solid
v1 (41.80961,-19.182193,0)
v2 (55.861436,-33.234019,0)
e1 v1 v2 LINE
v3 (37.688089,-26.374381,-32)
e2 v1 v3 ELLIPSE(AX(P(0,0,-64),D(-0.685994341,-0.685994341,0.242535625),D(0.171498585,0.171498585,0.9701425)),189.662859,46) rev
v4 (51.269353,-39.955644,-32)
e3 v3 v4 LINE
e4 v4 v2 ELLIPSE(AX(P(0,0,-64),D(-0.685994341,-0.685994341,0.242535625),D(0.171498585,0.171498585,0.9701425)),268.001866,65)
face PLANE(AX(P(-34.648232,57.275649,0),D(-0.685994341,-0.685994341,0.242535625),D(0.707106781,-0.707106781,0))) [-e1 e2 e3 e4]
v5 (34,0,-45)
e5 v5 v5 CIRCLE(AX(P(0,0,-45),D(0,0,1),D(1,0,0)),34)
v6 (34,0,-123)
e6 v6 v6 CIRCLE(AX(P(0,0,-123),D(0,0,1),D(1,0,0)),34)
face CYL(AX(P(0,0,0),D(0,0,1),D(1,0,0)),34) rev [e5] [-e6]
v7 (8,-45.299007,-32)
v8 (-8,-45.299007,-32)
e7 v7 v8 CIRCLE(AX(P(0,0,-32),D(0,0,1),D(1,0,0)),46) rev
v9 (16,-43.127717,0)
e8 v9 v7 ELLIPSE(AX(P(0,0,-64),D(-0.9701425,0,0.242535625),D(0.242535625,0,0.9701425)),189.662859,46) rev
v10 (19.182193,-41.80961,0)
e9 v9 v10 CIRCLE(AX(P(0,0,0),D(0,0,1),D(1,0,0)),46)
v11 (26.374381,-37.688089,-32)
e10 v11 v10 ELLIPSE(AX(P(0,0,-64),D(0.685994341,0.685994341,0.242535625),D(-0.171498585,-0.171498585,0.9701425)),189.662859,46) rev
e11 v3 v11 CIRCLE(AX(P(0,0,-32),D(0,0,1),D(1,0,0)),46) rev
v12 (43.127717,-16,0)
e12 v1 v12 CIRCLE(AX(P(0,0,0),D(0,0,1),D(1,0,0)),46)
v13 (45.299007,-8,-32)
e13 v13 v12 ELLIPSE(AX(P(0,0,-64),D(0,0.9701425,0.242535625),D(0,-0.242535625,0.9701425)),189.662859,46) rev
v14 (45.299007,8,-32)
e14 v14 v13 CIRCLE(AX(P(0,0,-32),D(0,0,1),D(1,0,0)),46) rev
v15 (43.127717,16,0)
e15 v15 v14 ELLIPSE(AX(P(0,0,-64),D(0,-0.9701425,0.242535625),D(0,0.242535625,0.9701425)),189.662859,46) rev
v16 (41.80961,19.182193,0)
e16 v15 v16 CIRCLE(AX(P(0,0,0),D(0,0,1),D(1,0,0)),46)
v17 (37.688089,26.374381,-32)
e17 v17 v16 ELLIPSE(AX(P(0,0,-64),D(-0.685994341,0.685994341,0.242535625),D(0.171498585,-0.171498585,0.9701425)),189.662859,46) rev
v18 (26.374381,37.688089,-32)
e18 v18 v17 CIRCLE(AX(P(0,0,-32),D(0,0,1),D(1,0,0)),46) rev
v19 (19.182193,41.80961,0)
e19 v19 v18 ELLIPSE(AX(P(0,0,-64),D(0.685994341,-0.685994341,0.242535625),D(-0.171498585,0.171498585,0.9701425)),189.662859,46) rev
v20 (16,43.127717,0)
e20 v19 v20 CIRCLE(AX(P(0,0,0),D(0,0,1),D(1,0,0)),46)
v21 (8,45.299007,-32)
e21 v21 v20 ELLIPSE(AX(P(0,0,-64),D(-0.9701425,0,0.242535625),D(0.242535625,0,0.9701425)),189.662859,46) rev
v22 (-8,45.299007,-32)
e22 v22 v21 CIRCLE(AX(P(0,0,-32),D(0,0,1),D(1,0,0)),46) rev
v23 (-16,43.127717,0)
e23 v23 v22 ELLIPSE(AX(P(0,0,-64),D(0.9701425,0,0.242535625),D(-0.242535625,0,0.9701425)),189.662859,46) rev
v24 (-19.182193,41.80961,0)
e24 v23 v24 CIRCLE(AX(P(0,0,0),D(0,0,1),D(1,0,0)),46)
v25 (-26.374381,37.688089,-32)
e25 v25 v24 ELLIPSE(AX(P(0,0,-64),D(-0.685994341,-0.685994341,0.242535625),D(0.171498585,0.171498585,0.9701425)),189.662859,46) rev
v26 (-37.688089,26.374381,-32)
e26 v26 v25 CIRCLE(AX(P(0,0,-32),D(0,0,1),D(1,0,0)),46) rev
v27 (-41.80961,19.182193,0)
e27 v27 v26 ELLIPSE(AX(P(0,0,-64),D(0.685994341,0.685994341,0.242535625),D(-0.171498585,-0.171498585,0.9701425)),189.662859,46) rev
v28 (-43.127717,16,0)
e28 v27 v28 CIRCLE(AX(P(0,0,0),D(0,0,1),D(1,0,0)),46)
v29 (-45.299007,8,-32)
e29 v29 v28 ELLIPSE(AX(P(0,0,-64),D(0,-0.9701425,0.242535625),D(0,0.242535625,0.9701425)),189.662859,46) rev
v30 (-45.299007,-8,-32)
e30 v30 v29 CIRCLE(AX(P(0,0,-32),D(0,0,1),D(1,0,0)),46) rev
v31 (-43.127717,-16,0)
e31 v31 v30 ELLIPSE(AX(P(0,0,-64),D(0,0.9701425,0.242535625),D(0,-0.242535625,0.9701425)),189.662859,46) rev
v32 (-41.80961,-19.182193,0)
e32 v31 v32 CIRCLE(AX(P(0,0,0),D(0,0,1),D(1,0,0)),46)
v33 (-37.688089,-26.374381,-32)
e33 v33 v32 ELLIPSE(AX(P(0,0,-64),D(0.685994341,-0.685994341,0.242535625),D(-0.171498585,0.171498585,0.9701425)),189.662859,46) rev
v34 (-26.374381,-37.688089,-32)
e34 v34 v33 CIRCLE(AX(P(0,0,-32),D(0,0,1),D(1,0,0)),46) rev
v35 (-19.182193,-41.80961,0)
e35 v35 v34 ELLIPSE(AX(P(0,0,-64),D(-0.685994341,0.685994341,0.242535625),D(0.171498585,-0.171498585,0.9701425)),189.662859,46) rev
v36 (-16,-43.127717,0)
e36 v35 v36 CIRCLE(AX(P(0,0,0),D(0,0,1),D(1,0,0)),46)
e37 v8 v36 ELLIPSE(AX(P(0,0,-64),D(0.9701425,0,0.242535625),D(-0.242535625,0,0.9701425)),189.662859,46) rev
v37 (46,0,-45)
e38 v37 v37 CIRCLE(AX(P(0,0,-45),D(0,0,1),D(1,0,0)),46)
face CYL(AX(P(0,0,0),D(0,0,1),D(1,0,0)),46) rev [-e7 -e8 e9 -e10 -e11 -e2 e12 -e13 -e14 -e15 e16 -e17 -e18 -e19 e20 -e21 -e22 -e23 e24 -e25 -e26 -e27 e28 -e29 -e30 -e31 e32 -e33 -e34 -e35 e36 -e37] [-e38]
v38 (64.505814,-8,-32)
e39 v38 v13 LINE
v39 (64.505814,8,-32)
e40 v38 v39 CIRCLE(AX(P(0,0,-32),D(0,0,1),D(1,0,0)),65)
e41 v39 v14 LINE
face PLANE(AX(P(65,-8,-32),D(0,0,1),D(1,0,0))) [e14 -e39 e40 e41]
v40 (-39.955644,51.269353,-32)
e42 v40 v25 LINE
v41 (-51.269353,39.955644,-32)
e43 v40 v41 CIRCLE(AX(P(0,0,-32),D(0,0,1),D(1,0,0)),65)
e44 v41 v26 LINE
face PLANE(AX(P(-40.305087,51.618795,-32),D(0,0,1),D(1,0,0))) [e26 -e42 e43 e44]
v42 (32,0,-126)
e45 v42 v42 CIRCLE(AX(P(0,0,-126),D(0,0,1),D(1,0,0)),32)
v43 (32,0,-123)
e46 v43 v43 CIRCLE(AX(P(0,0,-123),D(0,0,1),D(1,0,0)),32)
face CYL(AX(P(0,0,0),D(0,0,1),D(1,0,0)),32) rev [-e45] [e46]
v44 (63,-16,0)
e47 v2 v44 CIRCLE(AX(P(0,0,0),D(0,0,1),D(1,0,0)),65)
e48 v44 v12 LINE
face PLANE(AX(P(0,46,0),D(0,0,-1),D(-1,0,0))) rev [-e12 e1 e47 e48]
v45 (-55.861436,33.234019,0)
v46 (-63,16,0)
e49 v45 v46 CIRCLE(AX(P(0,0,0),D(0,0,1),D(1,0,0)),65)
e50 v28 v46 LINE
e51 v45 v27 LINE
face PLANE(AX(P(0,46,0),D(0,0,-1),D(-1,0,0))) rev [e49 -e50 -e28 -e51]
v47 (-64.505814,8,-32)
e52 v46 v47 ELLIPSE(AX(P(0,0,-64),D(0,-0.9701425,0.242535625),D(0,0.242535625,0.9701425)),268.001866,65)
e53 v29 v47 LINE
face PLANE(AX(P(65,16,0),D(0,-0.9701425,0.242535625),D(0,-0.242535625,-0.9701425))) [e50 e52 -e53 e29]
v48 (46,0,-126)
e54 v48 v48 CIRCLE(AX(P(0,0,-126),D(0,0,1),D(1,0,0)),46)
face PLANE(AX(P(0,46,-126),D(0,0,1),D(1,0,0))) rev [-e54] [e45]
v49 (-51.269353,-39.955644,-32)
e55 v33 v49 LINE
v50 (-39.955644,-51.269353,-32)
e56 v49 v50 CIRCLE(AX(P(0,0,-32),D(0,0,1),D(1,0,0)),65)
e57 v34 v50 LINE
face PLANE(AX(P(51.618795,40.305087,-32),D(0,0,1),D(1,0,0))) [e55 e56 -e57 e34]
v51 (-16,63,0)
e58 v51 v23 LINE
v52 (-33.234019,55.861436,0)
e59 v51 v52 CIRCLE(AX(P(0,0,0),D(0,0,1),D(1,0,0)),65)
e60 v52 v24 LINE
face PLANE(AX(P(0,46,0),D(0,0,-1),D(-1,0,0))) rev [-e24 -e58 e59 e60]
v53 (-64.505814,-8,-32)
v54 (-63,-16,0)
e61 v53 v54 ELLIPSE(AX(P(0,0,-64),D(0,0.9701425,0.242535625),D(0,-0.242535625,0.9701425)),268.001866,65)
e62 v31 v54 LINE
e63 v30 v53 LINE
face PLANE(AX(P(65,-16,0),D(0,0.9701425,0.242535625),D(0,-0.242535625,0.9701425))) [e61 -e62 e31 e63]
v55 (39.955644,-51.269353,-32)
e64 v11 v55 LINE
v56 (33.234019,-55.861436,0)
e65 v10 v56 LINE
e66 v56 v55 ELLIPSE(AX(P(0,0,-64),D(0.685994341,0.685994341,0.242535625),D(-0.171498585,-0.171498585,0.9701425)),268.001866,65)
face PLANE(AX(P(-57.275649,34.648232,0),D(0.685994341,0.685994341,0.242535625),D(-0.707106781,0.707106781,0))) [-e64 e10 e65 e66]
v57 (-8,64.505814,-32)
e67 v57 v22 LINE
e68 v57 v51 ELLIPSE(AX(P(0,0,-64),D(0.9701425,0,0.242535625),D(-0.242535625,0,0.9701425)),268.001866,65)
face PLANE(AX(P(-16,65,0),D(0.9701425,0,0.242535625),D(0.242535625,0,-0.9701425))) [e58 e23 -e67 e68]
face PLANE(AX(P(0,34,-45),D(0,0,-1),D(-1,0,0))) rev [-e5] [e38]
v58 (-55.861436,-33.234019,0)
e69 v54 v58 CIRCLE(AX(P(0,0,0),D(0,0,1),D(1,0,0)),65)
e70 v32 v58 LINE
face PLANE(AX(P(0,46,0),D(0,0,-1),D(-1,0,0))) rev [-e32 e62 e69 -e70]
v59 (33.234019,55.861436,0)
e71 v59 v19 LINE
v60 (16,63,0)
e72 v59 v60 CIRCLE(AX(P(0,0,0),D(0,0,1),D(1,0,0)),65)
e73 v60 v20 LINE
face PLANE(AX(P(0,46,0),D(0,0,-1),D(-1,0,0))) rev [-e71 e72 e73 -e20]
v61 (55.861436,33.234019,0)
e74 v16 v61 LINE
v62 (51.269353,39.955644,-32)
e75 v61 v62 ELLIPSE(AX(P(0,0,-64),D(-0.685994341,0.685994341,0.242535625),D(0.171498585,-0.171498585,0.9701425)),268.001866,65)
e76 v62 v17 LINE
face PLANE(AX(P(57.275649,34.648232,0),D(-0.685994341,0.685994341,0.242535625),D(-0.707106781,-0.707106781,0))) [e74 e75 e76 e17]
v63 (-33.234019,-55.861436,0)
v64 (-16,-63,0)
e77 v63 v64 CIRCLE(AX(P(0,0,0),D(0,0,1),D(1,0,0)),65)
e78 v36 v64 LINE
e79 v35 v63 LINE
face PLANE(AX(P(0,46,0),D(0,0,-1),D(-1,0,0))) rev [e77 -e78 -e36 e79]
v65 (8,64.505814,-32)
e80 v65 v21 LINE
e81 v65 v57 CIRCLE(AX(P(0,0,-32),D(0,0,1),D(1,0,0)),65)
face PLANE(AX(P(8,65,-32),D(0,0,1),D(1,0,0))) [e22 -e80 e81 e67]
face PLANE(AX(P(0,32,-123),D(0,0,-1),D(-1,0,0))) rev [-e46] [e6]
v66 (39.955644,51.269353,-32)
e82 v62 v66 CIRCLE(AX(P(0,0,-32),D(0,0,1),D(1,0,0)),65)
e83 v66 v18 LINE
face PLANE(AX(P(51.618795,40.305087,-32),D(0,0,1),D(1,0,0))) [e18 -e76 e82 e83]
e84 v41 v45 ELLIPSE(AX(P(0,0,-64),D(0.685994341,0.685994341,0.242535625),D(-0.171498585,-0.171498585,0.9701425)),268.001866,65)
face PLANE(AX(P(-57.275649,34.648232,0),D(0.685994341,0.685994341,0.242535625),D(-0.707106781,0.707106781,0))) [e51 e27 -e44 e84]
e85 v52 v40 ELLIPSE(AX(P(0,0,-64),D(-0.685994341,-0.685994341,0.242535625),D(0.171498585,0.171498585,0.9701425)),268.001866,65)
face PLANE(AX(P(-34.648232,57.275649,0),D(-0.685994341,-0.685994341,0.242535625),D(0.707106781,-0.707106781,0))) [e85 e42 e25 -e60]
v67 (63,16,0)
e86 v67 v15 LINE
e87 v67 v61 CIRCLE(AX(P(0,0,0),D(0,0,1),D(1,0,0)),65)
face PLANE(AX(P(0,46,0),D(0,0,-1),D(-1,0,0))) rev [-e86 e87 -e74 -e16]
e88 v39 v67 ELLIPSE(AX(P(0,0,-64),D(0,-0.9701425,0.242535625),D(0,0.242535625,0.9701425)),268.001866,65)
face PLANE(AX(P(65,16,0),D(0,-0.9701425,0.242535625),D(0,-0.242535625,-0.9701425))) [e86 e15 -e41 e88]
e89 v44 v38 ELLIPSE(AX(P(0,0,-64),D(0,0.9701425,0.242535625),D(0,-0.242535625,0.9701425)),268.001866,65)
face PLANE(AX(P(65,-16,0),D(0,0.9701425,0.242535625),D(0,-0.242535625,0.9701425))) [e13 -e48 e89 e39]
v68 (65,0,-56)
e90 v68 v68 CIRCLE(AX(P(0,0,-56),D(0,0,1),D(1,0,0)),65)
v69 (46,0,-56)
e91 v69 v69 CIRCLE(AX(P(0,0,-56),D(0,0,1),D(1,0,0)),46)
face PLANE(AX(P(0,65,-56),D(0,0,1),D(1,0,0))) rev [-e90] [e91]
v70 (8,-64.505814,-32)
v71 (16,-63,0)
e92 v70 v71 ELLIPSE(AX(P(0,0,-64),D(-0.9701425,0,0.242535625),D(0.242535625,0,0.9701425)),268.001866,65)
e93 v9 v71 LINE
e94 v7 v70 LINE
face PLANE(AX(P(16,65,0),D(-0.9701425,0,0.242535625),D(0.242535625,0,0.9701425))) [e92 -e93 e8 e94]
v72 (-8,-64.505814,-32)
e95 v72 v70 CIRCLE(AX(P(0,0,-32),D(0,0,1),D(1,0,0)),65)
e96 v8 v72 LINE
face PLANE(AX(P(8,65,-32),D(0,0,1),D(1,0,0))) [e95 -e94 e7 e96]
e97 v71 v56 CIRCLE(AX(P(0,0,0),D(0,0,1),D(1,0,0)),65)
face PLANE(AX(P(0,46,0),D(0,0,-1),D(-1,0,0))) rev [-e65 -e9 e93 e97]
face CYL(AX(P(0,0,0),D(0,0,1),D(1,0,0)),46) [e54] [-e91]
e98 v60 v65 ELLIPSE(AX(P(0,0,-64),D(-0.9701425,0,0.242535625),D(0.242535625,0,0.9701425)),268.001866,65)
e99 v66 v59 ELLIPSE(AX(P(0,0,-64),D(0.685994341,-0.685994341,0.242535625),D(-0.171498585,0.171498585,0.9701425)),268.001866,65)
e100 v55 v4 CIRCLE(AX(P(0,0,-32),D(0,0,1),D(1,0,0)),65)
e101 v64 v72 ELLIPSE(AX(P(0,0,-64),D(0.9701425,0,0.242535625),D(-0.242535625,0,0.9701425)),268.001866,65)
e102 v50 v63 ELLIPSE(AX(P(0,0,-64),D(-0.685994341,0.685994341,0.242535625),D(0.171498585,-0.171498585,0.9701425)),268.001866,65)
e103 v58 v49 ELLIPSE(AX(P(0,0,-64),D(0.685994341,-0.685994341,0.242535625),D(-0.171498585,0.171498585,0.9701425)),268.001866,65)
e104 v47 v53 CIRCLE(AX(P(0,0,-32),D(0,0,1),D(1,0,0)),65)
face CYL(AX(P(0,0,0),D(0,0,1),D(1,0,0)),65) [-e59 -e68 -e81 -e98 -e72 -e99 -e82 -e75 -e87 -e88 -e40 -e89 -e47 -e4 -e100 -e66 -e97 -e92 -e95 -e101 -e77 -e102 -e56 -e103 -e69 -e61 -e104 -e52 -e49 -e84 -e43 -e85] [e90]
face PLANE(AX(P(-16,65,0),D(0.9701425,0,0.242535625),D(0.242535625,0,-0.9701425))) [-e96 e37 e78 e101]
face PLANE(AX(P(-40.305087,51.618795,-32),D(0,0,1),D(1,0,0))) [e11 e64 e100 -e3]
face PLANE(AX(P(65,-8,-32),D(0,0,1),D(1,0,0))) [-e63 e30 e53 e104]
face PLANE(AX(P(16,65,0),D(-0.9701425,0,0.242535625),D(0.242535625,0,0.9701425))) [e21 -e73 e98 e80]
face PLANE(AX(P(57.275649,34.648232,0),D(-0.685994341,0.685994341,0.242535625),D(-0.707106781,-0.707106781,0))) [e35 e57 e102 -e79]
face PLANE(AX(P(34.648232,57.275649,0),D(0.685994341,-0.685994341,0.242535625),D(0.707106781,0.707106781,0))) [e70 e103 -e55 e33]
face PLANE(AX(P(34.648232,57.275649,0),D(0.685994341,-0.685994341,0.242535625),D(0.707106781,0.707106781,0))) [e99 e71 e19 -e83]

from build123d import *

# Parameters (mm, degrees)
CUT_EXTRUDE_1_DEPTH      = 65
CUT_EXTRUDE_1_DEPTH_BACK = 65
CUT_EXTRUDE_2_DEPTH      = 65
CUT_EXTRUDE_2_DEPTH_BACK = 65
CUT_EXTRUDE_3_DEPTH      = 65
CUT_EXTRUDE_3_DEPTH_BACK = 65
CUT_EXTRUDE_4_DEPTH      = 65
CUT_EXTRUDE_4_DEPTH_BACK = 65


with BuildPart() as part:
    # Эскиз1 → Повернуть1 (revolve)
    with BuildSketch(Plane(origin=(0, 0, 0), x_dir=(0, 0, -1), z_dir=(1, 0, 0))):
        Polygon((0, 46), (0, 65), (56, 65), (56, 46), (126, 46), (126, 32), (123, 32), (123, 34), (45, 34), (45, 46), align=None)
    revolve(axis=Axis((0, 0, 0), (0, 0, -1)))

    # Эскиз2 → Вытянуть1 (cut, two sides: drawn at the far end of the back side and taken through both)
    with BuildSketch(Plane(origin=(0, 0, 0), x_dir=(0, 0, -1), z_dir=(1, 0, 0)).offset(-CUT_EXTRUDE_1_DEPTH_BACK)):
        Polygon((0, 16), (0, -16), (32, -8), (32, 8), align=None)
    extrude(amount=CUT_EXTRUDE_1_DEPTH + CUT_EXTRUDE_1_DEPTH_BACK, mode=Mode.SUBTRACT)

    # Эскиз3 → Вытянуть2 (cut, two sides: drawn at the far end of the back side and taken through both)
    with BuildSketch(Plane(origin=(0, 0, 0), x_dir=(1, 0, 0), z_dir=(0, 1, 0)).offset(-CUT_EXTRUDE_2_DEPTH_BACK)):
        Polygon((-16, 0), (16, 0), (8, 32), (-8, 32), align=None)
    extrude(amount=CUT_EXTRUDE_2_DEPTH + CUT_EXTRUDE_2_DEPTH_BACK, mode=Mode.SUBTRACT)

    # Эскиз4 → Вытянуть3 (cut, two sides: drawn at the far end of the back side and taken through both)
    with BuildSketch(Plane(origin=(0, 0, 0), x_dir=(-0.7071067811865476, -0.7071067811865475, 0), z_dir=(-0.7071067811865475, 0.7071067811865476, 0)).offset(-CUT_EXTRUDE_3_DEPTH_BACK)):
        Polygon((16, 0), (-16, 0), (-8, -32), (8, -32), align=None)
    extrude(amount=CUT_EXTRUDE_3_DEPTH + CUT_EXTRUDE_3_DEPTH_BACK, mode=Mode.SUBTRACT)

    # Эскиз5 → Вытянуть4 (cut, two sides: drawn at the far end of the back side and taken through both)
    with BuildSketch(Plane(origin=(0, 0, 0), x_dir=(0, 0, -1), z_dir=(0.7071067811865476, 0.7071067811865475, 0)).offset(-CUT_EXTRUDE_4_DEPTH_BACK)):
        Polygon((0, 16), (0, -16), (32, -8), (32, 8), align=None)
    extrude(amount=CUT_EXTRUDE_4_DEPTH + CUT_EXTRUDE_4_DEPTH_BACK, mode=Mode.SUBTRACT)


solid = part.part
